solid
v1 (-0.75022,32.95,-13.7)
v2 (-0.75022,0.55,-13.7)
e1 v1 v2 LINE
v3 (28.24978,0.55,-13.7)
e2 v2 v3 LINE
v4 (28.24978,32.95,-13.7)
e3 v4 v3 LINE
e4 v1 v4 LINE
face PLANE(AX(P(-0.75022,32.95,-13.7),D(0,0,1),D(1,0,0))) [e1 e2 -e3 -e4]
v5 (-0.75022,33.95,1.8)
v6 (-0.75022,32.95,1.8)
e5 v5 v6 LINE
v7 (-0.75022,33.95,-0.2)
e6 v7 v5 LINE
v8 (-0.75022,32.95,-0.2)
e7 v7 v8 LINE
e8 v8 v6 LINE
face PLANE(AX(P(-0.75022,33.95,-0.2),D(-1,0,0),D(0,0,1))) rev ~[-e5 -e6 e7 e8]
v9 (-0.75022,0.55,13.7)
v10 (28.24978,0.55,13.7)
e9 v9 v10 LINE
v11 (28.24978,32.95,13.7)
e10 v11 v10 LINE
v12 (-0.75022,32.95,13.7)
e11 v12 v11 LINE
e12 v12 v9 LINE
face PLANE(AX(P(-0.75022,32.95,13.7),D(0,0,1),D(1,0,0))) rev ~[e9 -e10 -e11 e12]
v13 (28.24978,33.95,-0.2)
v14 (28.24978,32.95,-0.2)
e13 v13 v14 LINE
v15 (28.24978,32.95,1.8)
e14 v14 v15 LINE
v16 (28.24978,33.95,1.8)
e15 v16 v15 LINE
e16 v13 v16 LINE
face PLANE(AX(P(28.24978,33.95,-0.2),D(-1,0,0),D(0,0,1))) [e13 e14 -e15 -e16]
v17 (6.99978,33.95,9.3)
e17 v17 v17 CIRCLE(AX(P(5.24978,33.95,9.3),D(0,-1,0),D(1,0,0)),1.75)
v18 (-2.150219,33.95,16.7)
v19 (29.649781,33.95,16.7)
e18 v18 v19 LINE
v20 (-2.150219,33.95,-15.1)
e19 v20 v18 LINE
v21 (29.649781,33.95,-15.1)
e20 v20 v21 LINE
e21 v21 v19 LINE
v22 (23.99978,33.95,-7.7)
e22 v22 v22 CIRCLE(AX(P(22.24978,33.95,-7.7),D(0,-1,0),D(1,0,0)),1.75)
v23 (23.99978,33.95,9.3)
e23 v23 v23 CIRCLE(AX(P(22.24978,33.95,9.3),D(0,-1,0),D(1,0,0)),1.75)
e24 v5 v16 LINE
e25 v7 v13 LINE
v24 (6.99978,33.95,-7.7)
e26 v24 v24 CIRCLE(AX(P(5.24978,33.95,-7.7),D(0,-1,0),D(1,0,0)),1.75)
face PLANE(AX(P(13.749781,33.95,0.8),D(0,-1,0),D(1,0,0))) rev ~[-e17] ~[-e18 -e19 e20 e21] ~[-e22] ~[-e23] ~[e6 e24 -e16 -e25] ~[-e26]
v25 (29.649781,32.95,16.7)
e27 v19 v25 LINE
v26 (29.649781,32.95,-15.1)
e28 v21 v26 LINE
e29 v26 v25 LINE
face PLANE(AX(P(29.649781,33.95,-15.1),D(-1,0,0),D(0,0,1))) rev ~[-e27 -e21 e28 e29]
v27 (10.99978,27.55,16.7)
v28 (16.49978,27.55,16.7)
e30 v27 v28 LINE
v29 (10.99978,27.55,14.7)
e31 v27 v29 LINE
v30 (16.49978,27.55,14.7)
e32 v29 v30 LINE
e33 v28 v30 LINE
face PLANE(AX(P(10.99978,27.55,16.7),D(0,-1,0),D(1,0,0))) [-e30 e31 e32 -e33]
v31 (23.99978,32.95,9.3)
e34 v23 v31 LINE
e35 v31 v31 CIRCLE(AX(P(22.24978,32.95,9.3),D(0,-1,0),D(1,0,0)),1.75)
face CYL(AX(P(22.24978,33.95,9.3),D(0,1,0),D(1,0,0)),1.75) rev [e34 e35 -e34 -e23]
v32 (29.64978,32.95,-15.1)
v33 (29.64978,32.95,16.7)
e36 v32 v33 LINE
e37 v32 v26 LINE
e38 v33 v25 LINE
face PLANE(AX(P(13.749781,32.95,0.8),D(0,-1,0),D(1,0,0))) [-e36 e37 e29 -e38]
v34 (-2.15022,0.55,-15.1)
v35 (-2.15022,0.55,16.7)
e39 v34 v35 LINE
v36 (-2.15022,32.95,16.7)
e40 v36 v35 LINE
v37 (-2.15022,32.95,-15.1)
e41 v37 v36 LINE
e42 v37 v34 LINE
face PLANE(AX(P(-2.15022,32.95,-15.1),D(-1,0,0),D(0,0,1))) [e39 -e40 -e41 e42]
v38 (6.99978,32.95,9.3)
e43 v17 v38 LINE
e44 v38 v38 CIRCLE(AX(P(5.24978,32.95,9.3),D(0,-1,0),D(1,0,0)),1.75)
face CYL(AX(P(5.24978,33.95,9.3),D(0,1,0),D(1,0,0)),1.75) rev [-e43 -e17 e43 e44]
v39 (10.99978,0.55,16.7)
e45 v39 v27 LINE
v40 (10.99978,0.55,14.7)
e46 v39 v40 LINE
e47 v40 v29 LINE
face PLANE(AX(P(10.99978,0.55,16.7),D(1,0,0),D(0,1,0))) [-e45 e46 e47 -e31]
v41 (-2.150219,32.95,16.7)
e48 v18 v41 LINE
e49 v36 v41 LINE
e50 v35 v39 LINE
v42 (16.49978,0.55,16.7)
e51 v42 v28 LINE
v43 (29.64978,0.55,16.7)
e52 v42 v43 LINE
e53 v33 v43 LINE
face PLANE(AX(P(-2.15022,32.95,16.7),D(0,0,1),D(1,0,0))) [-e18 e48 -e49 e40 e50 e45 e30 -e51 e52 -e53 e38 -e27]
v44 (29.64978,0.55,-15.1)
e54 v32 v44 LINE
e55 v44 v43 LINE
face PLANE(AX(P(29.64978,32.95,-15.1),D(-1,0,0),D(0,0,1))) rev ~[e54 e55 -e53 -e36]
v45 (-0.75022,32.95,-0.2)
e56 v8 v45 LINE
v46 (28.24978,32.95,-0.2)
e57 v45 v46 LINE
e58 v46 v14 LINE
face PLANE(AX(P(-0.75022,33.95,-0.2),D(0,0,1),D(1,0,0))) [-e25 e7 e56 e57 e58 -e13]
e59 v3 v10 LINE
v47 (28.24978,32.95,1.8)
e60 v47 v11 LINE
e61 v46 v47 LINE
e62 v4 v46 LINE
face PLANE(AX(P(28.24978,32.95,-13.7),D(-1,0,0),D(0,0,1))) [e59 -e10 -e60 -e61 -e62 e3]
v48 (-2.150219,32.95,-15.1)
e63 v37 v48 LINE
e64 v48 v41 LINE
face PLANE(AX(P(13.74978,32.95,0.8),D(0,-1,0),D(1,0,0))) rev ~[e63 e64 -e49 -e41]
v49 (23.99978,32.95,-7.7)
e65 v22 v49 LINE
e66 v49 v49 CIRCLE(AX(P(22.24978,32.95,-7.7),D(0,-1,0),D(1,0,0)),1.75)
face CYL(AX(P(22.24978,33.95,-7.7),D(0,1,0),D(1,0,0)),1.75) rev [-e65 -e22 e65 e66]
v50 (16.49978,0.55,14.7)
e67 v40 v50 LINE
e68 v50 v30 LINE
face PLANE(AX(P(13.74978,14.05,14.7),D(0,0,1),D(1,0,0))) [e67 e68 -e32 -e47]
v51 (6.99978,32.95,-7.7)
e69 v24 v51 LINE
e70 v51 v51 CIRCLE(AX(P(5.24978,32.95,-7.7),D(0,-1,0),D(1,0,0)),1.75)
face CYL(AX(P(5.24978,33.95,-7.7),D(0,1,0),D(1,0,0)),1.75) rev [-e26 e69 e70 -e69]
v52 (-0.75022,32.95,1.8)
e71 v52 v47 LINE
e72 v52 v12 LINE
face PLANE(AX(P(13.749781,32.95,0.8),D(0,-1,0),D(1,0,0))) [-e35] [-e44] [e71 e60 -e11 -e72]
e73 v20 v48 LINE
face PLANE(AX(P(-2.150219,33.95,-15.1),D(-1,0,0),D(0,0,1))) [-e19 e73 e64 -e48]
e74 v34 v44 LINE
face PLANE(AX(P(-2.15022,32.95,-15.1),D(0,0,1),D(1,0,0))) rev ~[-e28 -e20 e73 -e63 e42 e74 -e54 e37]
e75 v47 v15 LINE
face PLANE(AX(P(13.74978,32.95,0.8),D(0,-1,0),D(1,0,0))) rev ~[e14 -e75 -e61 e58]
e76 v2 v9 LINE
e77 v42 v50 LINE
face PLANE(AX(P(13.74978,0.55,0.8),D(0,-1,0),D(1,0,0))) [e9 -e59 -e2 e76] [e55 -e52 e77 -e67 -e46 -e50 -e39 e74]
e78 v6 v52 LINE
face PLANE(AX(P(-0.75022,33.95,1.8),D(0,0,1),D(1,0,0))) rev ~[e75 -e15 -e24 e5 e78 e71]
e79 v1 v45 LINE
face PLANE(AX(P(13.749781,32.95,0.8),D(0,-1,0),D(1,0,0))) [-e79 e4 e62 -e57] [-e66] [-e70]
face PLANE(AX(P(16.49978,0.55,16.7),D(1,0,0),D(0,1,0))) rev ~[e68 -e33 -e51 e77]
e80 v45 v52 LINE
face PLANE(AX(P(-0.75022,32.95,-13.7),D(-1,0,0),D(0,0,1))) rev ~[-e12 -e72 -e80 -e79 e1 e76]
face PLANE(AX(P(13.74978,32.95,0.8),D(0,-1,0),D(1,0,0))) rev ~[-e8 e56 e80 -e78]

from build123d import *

# Parameters (mm, degrees)
SKETCH013_W     = 31.8
SKETCH013_H     = 31.8
SKETCH013_R     = 1.75
SKETCH013_W_2   = 29.000001
SKETCH013_H_2   = 2
PAD005_DEPTH    = 1
SKETCH014_W     = 31.8
SKETCH014_H     = 31.8
SKETCH014_W_2   = 29
SKETCH014_H_2   = 27.4
PAD006_DEPTH    = 32.4
SKETCH024_W     = 5.5
SKETCH024_H     = 27
POCKET010_DEPTH = 2


with BuildPart() as part:
    # Sketch013 (on Face2 of Binder003) → Pad005 (new body)
    with BuildSketch(Plane.XZ.offset(-33.95)):
        with Locations((13.749781, 0.8)):
            Rectangle(SKETCH013_W, SKETCH013_H)
        with Locations((5.24978, 9.3)):
            Circle(SKETCH013_R, mode=Mode.SUBTRACT)
        with Locations((22.24978, 9.3)):
            Circle(SKETCH013_R, mode=Mode.SUBTRACT)
        with Locations((22.24978, -7.7)):
            Circle(SKETCH013_R, mode=Mode.SUBTRACT)
        with Locations((5.24978, -7.7)):
            Circle(SKETCH013_R, mode=Mode.SUBTRACT)
        with Locations((13.74978, 0.8)):
            Rectangle(SKETCH013_W_2, SKETCH013_H_2, mode=Mode.SUBTRACT)
    extrude(amount=PAD005_DEPTH)

    # Sketch014 (on Face14 of Pad005) → Pad006 (join)
    with BuildSketch(Plane.XZ.offset(-32.95)):
        with Locations((13.74978, 0.8)):
            Rectangle(SKETCH014_W, SKETCH014_H)
        with Locations((13.74978, 0)):
            Rectangle(SKETCH014_W_2, SKETCH014_H_2, mode=Mode.SUBTRACT)
    extrude(amount=PAD006_DEPTH)

    # Sketch024 (on Face14 of Pad006) → Pocket010 (cut)
    with BuildSketch(Plane.XY.offset(16.7)):
        with Locations((13.74978, 14.05)):
            Rectangle(SKETCH024_W, SKETCH024_H)
    extrude(amount=-POCKET010_DEPTH, mode=Mode.SUBTRACT)


solid = part.part
